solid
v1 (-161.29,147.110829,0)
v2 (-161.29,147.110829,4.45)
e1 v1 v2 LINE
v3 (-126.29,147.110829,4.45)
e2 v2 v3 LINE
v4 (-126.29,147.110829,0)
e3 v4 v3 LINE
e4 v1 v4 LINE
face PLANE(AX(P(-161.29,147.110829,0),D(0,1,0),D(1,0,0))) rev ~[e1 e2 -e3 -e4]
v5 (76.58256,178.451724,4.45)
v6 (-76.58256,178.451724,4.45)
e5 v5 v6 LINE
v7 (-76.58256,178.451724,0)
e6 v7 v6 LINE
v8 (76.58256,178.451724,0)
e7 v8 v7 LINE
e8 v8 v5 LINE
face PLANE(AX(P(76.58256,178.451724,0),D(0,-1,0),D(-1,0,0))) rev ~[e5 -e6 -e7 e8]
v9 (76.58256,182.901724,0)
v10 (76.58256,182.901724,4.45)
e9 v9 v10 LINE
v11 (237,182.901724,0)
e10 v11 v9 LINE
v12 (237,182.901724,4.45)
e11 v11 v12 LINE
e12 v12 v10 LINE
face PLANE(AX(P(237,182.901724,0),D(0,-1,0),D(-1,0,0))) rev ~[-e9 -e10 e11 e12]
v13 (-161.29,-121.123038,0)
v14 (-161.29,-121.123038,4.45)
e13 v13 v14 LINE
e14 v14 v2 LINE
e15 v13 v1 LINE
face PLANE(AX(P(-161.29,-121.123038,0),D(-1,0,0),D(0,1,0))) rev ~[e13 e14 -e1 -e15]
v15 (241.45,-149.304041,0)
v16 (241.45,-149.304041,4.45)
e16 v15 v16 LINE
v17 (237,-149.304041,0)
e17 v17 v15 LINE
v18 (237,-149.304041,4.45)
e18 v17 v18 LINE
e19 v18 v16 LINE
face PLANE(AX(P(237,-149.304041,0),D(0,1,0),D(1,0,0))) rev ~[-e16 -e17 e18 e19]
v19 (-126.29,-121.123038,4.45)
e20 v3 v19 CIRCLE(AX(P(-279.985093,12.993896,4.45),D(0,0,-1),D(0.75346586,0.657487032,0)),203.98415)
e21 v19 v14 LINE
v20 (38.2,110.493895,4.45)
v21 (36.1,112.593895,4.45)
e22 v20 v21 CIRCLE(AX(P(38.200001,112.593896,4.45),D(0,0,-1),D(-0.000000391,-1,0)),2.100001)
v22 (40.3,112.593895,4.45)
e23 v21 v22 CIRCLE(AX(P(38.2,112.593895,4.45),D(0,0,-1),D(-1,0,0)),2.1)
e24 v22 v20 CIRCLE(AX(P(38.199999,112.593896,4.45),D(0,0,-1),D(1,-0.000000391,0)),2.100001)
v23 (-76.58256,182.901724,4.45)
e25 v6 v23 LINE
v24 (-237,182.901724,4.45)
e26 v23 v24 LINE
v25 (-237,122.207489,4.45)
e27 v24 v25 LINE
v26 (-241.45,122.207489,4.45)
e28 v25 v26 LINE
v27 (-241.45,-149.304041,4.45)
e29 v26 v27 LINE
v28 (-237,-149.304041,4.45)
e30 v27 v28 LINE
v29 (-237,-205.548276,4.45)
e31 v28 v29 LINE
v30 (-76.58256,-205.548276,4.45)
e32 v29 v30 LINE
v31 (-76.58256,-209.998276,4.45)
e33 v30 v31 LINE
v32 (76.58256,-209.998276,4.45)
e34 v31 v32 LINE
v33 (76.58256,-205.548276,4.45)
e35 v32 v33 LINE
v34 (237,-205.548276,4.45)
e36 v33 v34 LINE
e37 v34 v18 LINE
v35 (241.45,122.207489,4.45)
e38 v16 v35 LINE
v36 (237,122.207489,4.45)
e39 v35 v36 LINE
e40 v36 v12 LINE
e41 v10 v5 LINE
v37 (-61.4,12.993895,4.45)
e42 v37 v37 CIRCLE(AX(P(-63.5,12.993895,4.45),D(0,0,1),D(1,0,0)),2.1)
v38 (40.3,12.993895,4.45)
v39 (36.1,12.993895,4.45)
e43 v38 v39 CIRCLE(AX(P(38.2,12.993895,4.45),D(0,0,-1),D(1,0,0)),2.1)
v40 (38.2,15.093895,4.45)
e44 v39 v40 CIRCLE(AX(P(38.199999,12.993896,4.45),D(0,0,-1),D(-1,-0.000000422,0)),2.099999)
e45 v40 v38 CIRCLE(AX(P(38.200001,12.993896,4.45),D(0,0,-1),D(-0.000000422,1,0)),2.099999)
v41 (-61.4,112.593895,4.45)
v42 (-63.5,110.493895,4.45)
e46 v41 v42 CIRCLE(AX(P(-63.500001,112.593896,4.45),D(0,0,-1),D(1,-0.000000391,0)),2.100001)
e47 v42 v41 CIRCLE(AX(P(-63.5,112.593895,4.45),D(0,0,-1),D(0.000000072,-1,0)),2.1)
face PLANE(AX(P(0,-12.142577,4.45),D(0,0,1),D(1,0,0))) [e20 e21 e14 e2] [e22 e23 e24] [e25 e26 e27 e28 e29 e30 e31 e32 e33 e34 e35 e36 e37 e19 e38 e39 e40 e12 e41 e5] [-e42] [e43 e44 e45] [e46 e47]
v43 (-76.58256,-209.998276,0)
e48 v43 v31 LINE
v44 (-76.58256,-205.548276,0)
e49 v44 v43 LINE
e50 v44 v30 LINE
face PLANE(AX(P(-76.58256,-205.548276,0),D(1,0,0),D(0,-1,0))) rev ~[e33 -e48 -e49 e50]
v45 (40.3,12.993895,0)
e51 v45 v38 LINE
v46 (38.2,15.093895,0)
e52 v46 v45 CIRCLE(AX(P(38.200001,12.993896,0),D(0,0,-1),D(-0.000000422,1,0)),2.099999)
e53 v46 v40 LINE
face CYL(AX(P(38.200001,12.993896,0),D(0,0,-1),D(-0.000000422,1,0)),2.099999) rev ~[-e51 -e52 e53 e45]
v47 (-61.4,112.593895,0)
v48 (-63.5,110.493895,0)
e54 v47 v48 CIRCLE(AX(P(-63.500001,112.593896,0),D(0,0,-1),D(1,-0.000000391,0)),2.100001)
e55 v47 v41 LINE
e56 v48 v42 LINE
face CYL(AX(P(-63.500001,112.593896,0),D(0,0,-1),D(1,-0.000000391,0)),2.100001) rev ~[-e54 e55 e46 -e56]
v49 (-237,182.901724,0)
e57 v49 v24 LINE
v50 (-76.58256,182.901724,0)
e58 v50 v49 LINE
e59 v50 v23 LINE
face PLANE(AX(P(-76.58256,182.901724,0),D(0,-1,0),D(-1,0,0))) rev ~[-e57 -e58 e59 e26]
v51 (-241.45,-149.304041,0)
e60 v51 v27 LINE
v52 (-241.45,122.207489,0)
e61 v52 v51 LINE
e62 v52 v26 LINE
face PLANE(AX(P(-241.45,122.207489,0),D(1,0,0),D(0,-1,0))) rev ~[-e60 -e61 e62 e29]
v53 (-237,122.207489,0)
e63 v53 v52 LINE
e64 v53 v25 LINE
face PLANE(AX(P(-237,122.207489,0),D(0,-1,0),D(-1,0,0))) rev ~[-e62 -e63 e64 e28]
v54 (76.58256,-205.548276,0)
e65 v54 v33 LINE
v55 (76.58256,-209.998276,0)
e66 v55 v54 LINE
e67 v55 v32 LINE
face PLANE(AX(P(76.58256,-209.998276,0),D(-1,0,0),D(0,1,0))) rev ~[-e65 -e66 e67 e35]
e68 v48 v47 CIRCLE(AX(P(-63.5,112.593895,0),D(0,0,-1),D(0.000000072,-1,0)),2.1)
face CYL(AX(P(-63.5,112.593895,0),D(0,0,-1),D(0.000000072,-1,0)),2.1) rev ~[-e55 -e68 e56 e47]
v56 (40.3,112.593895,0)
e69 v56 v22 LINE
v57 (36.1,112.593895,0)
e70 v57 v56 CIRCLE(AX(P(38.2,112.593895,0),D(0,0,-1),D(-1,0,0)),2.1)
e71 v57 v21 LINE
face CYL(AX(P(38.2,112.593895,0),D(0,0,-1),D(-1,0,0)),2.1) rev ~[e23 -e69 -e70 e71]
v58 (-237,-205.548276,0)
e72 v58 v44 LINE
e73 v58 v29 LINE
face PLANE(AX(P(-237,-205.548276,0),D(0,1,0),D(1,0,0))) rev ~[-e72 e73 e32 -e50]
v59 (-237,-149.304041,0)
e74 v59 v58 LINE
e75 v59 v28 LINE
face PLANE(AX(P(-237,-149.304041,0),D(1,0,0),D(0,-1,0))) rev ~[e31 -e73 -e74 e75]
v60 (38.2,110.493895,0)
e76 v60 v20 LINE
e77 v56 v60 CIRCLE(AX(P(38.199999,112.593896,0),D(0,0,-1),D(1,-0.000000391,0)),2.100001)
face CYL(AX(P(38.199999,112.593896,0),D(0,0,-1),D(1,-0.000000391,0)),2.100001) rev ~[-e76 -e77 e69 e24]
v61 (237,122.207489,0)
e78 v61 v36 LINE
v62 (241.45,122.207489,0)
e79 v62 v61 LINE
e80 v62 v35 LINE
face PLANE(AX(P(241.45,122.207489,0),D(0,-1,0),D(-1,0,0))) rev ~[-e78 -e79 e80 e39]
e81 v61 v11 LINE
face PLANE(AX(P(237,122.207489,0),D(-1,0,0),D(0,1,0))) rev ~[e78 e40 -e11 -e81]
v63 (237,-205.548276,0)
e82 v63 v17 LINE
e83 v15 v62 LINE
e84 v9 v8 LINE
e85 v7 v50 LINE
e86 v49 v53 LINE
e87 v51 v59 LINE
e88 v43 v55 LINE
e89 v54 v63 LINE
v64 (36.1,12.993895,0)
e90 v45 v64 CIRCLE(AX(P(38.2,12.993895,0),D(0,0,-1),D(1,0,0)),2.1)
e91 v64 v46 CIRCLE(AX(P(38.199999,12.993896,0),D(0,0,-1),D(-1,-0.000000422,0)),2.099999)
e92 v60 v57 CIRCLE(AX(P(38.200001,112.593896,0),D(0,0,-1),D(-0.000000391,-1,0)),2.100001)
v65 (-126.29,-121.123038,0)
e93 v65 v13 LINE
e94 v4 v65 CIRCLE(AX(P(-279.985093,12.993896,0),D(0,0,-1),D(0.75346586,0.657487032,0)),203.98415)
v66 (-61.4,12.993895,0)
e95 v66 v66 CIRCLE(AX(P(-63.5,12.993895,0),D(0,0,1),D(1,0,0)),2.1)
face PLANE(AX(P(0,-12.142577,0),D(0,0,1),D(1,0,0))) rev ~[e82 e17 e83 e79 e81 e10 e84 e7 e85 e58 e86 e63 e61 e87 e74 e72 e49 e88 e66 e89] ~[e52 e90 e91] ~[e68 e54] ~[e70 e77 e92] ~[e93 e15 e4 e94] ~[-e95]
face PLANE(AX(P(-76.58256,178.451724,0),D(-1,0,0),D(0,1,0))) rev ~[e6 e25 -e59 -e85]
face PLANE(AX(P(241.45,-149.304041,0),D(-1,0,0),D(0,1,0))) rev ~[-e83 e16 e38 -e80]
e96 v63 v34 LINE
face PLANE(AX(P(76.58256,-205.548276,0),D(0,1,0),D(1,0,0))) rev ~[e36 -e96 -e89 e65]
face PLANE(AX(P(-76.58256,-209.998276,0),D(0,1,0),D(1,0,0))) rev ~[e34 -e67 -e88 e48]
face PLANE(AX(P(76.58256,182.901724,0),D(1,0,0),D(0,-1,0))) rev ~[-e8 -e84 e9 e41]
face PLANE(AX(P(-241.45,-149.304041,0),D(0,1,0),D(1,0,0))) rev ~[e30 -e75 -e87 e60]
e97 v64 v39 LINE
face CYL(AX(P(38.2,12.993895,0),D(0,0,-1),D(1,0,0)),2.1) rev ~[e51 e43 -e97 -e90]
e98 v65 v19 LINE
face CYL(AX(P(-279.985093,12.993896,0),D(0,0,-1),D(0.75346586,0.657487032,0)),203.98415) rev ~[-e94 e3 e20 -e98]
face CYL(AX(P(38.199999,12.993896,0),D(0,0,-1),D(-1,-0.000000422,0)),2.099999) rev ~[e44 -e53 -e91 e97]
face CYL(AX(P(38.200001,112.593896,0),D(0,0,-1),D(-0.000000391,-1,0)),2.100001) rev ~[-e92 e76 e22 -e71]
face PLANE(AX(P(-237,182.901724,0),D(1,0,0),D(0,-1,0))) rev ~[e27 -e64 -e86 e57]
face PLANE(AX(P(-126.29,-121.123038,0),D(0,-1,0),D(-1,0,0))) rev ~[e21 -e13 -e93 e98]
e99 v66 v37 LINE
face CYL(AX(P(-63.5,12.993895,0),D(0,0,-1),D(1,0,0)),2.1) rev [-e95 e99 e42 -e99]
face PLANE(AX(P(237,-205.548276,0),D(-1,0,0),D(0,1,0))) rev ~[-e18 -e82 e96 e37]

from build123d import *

# Parameters (mm, degrees)
F0_R     = 2.1
F1_DEPTH = 4.45


with BuildPart() as f1:
    # F0 (on Top) → F1 (new body)
    with BuildSketch(Plane.XY):
        Polygon((76.58256, -205.548276), (237, -205.548276), (237, -149.304041), (241.45, -149.304041), (241.45, 122.207489), (237, 122.207489), (237, 178.451724), (237, 182.901724), (76.58256, 182.901724), (76.58256, 178.451724), (-76.58256, 178.451724), (-76.58256, 182.901724), (-237, 182.901724), (-237, 178.451724), (-237, 122.207489), (-241.45, 122.207489), (-241.45, -149.304041), (-237, -149.304041), (-237, -205.548276), (-76.58256, -205.548276), (-76.58256, -209.998276), (76.58256, -209.998276), align=None)
        with BuildLine():
            ThreePointArc((-126.29, 147.110829), (-76.000943, 12.993895), (-126.29, -121.123038))
            Line((-126.29, -121.123038), (-161.29, -121.123038))
            Line((-161.29, -121.123038), (-161.29, 147.110829))
            Line((-161.29, 147.110829), (-126.29, 147.110829))
        make_face(mode=Mode.SUBTRACT)
        with Locations((-63.5, 12.993895)):
            Circle(F0_R, mode=Mode.SUBTRACT)
        with BuildLine():
            ThreePointArc((-61.4, 112.593895), (-62.015076, 111.108971), (-63.5, 110.493895))
            ThreePointArc((-63.5, 110.493895), (-64.984924, 114.07882), (-61.4, 112.593895))
        make_face(mode=Mode.SUBTRACT)
        with BuildLine():
            ThreePointArc((40.3, 12.993895), (38.2, 10.893895), (36.1, 12.993895))
            ThreePointArc((36.1, 12.993895), (36.715076, 14.47882), (38.2, 15.093895))
            ThreePointArc((38.2, 15.093895), (39.684924, 14.47882), (40.3, 12.993895))
        make_face(mode=Mode.SUBTRACT)
        with BuildLine():
            ThreePointArc((36.1, 112.593895), (38.2, 114.693895), (40.3, 112.593895))
            ThreePointArc((40.3, 112.593895), (39.684924, 111.108971), (38.2, 110.493895))
            ThreePointArc((38.2, 110.493895), (36.715076, 111.108971), (36.1, 112.593895))
        make_face(mode=Mode.SUBTRACT)
    extrude(amount=F1_DEPTH)


solid = f1.part
